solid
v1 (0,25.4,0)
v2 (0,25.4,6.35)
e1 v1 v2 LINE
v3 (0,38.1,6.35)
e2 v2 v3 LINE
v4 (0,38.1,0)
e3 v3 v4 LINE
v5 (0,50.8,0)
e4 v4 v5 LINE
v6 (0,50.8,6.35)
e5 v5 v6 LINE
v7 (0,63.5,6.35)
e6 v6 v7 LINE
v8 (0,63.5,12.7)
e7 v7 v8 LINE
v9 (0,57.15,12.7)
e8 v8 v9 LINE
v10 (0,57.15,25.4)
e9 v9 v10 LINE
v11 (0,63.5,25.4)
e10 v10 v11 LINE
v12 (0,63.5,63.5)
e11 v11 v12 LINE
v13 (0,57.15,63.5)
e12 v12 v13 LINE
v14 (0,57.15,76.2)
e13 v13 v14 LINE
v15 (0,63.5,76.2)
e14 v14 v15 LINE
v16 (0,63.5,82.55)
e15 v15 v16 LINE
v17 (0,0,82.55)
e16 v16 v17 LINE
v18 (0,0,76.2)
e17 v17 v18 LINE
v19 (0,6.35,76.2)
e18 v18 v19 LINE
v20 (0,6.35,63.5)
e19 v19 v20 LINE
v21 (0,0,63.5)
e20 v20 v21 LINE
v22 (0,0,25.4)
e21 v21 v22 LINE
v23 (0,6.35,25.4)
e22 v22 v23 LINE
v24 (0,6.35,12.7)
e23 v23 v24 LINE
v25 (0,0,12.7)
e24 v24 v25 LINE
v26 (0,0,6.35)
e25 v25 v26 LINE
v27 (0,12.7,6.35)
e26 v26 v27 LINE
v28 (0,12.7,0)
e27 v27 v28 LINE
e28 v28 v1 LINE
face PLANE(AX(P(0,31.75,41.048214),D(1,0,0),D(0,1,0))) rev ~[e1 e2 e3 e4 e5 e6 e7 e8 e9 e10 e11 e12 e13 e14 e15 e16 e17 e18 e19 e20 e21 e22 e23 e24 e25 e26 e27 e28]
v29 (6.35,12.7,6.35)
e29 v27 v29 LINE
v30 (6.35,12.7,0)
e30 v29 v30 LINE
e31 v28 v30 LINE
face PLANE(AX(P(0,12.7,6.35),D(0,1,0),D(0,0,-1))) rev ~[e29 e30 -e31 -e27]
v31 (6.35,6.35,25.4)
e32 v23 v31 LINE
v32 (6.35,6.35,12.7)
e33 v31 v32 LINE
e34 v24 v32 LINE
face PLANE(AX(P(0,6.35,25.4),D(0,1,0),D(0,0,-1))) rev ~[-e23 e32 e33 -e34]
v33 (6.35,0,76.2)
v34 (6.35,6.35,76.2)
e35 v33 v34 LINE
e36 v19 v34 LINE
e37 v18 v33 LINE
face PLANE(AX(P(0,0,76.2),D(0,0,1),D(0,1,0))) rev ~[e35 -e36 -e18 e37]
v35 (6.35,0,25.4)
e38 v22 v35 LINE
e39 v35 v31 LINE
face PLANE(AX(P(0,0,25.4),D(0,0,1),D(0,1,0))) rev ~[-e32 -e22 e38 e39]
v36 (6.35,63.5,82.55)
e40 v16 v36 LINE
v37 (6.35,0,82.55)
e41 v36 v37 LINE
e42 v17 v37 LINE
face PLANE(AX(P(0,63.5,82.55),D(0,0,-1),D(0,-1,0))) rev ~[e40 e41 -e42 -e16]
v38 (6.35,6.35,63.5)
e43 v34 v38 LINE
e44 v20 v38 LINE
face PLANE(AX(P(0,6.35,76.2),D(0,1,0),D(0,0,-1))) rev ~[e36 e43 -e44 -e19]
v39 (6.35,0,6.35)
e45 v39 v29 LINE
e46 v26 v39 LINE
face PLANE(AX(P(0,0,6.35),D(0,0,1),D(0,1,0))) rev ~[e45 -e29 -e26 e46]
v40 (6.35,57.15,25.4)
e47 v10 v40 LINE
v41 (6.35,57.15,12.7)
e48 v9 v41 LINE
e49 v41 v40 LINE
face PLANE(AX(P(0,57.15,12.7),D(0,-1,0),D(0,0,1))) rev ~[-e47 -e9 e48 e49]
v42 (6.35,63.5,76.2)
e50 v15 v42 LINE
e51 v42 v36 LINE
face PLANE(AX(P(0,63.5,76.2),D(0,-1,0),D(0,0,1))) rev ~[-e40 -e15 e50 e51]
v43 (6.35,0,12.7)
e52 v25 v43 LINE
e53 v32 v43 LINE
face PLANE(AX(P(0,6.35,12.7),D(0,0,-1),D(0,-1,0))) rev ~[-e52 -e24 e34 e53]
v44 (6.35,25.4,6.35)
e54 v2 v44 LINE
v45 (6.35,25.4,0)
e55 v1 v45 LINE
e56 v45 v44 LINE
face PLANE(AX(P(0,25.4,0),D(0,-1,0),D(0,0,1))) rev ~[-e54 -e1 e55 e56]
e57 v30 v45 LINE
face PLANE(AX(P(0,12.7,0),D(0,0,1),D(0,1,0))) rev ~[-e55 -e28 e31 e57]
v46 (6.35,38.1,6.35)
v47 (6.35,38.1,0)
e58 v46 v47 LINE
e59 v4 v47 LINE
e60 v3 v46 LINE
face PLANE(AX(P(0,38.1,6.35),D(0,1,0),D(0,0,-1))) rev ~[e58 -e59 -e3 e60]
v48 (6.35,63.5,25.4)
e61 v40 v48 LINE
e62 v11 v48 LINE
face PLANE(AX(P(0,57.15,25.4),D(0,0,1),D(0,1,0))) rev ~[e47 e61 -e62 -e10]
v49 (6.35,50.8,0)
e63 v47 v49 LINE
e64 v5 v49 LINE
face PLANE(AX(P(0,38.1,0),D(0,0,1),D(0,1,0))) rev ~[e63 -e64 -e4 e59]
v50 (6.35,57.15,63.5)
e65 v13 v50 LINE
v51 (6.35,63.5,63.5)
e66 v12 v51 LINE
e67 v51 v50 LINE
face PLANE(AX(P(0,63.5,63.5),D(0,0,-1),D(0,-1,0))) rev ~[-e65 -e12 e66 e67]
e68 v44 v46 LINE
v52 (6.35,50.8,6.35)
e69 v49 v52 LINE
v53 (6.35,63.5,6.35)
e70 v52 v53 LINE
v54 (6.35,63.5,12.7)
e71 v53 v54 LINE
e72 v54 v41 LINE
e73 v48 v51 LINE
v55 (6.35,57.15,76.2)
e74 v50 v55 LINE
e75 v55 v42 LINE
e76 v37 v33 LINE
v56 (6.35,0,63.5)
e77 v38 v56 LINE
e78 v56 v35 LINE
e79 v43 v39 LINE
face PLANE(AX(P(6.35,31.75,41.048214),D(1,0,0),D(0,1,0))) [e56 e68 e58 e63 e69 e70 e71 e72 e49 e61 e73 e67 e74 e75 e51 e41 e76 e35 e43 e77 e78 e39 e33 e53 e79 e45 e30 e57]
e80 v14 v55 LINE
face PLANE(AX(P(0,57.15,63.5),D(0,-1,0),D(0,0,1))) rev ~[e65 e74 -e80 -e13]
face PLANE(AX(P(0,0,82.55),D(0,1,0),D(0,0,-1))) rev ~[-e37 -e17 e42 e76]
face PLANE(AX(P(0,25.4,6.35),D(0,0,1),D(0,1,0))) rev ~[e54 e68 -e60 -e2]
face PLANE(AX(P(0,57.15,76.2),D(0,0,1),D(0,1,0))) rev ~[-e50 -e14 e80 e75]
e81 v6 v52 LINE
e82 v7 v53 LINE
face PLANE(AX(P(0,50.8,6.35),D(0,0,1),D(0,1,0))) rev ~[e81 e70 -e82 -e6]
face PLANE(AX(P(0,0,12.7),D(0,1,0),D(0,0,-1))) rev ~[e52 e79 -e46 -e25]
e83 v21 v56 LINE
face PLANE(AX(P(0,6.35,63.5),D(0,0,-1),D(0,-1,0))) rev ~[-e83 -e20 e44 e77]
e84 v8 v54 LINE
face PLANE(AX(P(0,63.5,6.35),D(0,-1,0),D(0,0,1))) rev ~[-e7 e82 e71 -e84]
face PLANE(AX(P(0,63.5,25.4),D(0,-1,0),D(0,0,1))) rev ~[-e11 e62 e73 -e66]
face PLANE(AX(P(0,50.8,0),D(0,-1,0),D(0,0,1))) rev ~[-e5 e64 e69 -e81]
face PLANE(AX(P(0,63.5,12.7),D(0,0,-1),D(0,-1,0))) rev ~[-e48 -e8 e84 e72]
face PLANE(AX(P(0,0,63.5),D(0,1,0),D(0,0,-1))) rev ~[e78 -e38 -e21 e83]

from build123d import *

# Parameters (mm, degrees)
F1_DEPTH = 6.35


with BuildPart() as f1:
    # F0 (on Right) → F1 (new body)
    with BuildSketch(Plane.YZ):
        Polygon((0, 12.7), (0, 6.35), (12.7, 6.35), (12.7, 0), (25.4, 0), (25.4, 6.35), (38.1, 6.35), (38.1, 0), (50.8, 0), (50.8, 6.35), (63.5, 6.35), (63.5, 12.7), (57.15, 12.7), (57.15, 25.4), (63.5, 25.4), (63.5, 63.5), (57.15, 63.5), (57.15, 76.2), (63.5, 76.2), (63.5, 82.55), (0, 82.55), (0, 76.2), (6.35, 76.2), (6.35, 63.5), (0, 63.5), (0, 25.4), (6.35, 25.4), (6.35, 12.7), align=None)
    extrude(amount=F1_DEPTH)


solid = f1.part
